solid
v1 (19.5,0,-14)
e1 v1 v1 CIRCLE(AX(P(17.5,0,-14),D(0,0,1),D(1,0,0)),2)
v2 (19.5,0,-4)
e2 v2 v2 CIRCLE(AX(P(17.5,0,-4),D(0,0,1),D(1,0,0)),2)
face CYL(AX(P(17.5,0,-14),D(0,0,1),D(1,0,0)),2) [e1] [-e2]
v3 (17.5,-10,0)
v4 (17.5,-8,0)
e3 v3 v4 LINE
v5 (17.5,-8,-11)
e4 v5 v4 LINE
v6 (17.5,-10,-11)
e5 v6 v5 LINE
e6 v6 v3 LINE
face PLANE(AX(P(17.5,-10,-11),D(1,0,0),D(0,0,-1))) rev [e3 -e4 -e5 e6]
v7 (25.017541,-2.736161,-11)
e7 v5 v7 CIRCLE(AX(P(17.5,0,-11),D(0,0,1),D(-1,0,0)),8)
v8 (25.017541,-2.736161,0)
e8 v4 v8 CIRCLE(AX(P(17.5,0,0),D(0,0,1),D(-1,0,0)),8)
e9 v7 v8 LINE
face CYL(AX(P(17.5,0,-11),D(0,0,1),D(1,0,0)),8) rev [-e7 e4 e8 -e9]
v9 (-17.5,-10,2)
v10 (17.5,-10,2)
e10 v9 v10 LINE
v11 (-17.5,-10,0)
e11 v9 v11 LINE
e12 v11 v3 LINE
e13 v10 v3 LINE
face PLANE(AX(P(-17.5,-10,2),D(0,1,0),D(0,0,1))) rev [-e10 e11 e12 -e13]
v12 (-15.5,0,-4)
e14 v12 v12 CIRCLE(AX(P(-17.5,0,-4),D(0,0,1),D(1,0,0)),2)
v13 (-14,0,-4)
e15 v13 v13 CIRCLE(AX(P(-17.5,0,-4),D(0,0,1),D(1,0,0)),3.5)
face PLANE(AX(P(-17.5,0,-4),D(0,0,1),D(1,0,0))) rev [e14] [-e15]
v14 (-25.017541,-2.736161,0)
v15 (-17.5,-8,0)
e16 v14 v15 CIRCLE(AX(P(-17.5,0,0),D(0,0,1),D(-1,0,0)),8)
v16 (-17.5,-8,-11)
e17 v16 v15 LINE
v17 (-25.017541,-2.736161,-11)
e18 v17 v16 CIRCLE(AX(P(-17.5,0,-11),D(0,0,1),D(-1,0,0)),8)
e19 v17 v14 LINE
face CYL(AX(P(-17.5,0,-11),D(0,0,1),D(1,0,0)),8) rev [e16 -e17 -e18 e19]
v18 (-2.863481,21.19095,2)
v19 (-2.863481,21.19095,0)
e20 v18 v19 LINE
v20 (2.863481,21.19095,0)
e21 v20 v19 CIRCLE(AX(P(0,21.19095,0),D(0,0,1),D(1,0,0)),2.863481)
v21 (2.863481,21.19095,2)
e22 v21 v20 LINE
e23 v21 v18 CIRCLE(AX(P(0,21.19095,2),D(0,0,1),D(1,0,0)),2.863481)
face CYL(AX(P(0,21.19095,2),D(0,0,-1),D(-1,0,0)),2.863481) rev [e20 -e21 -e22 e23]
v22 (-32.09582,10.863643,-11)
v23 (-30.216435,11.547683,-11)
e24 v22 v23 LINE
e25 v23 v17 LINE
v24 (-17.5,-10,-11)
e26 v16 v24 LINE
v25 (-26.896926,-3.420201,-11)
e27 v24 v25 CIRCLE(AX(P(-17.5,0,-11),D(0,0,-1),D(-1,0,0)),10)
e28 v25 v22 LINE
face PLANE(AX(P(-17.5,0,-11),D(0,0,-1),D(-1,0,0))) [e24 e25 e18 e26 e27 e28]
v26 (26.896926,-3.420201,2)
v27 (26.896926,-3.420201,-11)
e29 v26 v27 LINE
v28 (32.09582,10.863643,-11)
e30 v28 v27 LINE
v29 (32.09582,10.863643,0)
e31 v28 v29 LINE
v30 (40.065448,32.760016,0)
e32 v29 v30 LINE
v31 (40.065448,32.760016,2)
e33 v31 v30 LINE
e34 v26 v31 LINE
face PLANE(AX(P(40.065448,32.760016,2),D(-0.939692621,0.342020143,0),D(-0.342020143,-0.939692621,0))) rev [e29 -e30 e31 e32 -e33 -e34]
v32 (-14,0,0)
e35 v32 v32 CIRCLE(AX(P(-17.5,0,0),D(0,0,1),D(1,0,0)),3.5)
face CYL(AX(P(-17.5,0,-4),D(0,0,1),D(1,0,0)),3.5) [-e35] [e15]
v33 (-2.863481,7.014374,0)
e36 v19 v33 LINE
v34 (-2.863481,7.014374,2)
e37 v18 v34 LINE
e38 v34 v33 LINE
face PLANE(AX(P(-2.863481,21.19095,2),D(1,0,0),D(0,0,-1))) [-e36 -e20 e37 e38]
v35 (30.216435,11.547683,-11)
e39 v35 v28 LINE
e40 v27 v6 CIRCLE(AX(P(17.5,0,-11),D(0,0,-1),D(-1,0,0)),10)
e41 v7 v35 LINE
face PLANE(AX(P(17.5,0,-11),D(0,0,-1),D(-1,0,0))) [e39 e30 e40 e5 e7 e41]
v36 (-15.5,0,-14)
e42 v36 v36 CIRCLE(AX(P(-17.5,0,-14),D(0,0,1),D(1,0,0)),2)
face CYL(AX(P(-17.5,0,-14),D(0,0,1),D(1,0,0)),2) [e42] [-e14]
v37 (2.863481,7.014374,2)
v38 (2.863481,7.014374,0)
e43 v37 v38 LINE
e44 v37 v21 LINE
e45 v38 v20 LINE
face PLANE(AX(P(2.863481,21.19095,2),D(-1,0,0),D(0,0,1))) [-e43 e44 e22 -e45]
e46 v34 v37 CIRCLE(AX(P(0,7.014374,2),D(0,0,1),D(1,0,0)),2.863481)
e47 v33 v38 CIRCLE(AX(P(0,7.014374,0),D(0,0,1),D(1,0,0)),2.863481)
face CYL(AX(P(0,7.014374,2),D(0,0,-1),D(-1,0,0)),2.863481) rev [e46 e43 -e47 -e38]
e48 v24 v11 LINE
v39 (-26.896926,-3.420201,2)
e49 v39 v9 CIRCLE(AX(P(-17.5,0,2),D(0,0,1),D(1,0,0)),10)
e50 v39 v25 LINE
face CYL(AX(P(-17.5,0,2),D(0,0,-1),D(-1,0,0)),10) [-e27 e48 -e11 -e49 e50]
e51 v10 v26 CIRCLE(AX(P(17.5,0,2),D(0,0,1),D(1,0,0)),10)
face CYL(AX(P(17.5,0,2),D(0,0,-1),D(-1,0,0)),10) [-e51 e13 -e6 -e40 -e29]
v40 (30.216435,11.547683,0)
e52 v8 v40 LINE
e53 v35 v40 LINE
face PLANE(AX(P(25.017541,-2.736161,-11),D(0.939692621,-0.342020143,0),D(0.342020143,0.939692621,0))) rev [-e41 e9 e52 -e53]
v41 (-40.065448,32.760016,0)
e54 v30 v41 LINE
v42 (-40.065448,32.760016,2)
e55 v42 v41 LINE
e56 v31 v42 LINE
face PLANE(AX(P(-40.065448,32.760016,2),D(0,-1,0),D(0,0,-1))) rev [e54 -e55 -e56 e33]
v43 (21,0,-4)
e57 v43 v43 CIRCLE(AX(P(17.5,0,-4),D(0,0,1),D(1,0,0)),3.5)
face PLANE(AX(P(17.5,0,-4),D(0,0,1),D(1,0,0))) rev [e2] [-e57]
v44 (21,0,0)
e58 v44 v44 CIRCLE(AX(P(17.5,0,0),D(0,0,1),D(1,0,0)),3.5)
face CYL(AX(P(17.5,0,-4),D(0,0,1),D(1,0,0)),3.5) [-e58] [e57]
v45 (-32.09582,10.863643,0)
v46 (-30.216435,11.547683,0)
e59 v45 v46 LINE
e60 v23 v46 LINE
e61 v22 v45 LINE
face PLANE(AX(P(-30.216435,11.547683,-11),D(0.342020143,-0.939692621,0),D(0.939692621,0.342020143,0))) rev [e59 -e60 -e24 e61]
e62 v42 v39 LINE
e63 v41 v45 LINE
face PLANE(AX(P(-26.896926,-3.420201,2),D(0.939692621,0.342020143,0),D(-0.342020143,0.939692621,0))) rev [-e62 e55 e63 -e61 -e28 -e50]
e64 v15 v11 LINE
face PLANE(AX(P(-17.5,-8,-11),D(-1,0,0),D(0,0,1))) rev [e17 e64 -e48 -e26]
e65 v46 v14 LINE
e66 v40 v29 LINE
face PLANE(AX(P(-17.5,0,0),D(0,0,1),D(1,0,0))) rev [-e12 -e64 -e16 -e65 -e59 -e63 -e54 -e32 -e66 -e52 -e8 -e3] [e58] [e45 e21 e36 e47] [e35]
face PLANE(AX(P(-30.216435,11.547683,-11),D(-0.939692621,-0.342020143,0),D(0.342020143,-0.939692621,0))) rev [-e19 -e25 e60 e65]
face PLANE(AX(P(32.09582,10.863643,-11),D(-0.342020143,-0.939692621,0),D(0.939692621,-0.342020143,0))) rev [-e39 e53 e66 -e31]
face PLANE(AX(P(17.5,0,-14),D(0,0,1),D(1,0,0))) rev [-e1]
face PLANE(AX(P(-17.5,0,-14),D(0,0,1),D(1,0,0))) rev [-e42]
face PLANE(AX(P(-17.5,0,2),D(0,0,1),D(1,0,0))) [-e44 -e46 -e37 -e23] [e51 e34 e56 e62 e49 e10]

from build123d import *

# Parameters (mm, degrees)
SKETCH1_R           = 2
BOSS_EXTRUDE1_DEPTH = 2
BOSS_EXTRUDE2_START = -6
SKETCH2_R           = 3.5
SKETCH2_R_2         = 2
BOSS_EXTRUDE2_DEPTH = 4
BOSS_EXTRUDE3_START = 11
BOSS_EXTRUDE3_DEPTH = 11
BOSS_EXTRUDE4_START = -16
SKETCH5_R           = 2
BOSS_EXTRUDE4_DEPTH = 16


with BuildPart() as part:
    # Sketch1 → Boss-Extrude1 (new body)
    with BuildSketch(Plane.XY):
        with BuildLine():
            Line((-17.5, -10), (17.5, -10))
            ThreePointArc((17.5, -10), (23.235764364, -8.191520443), (26.896926208, -3.420201433))
            Line((26.896926208, -3.420201433), (40.065448474, 32.76001614))
            Line((40.065448474, 32.76001614), (-40.065448474, 32.76001614))
            Line((-40.065448474, 32.76001614), (-26.896926208, -3.420201433))
            ThreePointArc((-26.896926208, -3.420201433), (-23.235764364, -8.191520443), (-17.5, -10))
        make_face()
        with Locations((17.5, 0)):
            Circle(SKETCH1_R, mode=Mode.SUBTRACT)
        with Locations((-17.5, 0)):
            Circle(SKETCH1_R, mode=Mode.SUBTRACT)
        with BuildLine():
            Line((2.863480555, 21.190949642), (2.863480555, 7.014373782))
            ThreePointArc((2.863480555, 7.014373782), (0, 4.150893227), (-2.863480555, 7.014373782))
            Line((-2.863480555, 7.014373782), (-2.863480555, 21.190949642))
            ThreePointArc((-2.863480555, 21.190949642), (0, 24.054430197), (2.863480555, 21.190949642))
        make_face(mode=Mode.SUBTRACT)
    extrude(amount=BOSS_EXTRUDE1_DEPTH)

    # Sketch2 → Boss-Extrude2 (add)
    # profile 1 of 2: a face of its own
    with BuildSketch(Plane.XY.offset(2).offset(BOSS_EXTRUDE2_START)):
        with Locations((-17.5, 0)):
            Circle(SKETCH2_R)
        with Locations((-17.5, 0)):
            Circle(SKETCH2_R_2, mode=Mode.SUBTRACT)
    # profile 2 of 2: a face of its own
    with BuildSketch(Plane.XY.offset(2).offset(BOSS_EXTRUDE2_START)):
        with Locations((17.5, 0)):
            Circle(SKETCH2_R)
        with Locations((17.5, 0)):
            Circle(SKETCH2_R_2, mode=Mode.SUBTRACT)
    extrude(amount=BOSS_EXTRUDE2_DEPTH)

    # Sketch4 → Boss-Extrude3 (add)
    with BuildSketch(Plane(origin=(0, 0, 0), x_dir=(-1, 0, 0), z_dir=(0, 0, -1)).offset(BOSS_EXTRUDE3_START)):
        with BuildLine():
            Line((-26.896926208, -3.420201433), (-32.095820312, 10.863642724))
            Line((-32.095820312, 10.863642724), (-30.21643507, 11.547683011))
            Line((-30.21643507, 11.547683011), (-25.017540966, -2.736161147))
            ThreePointArc((-25.017540966, -2.736161147), (-22.088611491, -6.553216354), (-17.5, -8))
            Line((-17.5, -8), (-17.5, -10))
            ThreePointArc((-17.5, -10), (-23.235764364, -8.191520443), (-26.896926208, -3.420201433))
        make_face()
        with BuildLine():
            Line((32.095820312, 10.863642724), (26.896926208, -3.420201433))
            ThreePointArc((26.896926208, -3.420201433), (23.235764364, -8.191520443), (17.5, -10))
            Line((17.5, -10), (17.5, -8))
            ThreePointArc((17.5, -8), (22.088611491, -6.553216354), (25.017540966, -2.736161147))
            Line((25.017540966, -2.736161147), (30.21643507, 11.547683011))
            Line((30.21643507, 11.547683011), (32.095820312, 10.863642724))
        make_face()
    extrude(amount=-BOSS_EXTRUDE3_DEPTH)

    # Sketch5 → Boss-Extrude4 (add)
    with BuildSketch(Plane.XY.offset(2).offset(BOSS_EXTRUDE4_START)):
        with Locations((-17.5, 0)):
            Circle(SKETCH5_R)
        with Locations((17.5, 0)):
            Circle(SKETCH5_R)
    extrude(amount=BOSS_EXTRUDE4_DEPTH)


solid = part.part
